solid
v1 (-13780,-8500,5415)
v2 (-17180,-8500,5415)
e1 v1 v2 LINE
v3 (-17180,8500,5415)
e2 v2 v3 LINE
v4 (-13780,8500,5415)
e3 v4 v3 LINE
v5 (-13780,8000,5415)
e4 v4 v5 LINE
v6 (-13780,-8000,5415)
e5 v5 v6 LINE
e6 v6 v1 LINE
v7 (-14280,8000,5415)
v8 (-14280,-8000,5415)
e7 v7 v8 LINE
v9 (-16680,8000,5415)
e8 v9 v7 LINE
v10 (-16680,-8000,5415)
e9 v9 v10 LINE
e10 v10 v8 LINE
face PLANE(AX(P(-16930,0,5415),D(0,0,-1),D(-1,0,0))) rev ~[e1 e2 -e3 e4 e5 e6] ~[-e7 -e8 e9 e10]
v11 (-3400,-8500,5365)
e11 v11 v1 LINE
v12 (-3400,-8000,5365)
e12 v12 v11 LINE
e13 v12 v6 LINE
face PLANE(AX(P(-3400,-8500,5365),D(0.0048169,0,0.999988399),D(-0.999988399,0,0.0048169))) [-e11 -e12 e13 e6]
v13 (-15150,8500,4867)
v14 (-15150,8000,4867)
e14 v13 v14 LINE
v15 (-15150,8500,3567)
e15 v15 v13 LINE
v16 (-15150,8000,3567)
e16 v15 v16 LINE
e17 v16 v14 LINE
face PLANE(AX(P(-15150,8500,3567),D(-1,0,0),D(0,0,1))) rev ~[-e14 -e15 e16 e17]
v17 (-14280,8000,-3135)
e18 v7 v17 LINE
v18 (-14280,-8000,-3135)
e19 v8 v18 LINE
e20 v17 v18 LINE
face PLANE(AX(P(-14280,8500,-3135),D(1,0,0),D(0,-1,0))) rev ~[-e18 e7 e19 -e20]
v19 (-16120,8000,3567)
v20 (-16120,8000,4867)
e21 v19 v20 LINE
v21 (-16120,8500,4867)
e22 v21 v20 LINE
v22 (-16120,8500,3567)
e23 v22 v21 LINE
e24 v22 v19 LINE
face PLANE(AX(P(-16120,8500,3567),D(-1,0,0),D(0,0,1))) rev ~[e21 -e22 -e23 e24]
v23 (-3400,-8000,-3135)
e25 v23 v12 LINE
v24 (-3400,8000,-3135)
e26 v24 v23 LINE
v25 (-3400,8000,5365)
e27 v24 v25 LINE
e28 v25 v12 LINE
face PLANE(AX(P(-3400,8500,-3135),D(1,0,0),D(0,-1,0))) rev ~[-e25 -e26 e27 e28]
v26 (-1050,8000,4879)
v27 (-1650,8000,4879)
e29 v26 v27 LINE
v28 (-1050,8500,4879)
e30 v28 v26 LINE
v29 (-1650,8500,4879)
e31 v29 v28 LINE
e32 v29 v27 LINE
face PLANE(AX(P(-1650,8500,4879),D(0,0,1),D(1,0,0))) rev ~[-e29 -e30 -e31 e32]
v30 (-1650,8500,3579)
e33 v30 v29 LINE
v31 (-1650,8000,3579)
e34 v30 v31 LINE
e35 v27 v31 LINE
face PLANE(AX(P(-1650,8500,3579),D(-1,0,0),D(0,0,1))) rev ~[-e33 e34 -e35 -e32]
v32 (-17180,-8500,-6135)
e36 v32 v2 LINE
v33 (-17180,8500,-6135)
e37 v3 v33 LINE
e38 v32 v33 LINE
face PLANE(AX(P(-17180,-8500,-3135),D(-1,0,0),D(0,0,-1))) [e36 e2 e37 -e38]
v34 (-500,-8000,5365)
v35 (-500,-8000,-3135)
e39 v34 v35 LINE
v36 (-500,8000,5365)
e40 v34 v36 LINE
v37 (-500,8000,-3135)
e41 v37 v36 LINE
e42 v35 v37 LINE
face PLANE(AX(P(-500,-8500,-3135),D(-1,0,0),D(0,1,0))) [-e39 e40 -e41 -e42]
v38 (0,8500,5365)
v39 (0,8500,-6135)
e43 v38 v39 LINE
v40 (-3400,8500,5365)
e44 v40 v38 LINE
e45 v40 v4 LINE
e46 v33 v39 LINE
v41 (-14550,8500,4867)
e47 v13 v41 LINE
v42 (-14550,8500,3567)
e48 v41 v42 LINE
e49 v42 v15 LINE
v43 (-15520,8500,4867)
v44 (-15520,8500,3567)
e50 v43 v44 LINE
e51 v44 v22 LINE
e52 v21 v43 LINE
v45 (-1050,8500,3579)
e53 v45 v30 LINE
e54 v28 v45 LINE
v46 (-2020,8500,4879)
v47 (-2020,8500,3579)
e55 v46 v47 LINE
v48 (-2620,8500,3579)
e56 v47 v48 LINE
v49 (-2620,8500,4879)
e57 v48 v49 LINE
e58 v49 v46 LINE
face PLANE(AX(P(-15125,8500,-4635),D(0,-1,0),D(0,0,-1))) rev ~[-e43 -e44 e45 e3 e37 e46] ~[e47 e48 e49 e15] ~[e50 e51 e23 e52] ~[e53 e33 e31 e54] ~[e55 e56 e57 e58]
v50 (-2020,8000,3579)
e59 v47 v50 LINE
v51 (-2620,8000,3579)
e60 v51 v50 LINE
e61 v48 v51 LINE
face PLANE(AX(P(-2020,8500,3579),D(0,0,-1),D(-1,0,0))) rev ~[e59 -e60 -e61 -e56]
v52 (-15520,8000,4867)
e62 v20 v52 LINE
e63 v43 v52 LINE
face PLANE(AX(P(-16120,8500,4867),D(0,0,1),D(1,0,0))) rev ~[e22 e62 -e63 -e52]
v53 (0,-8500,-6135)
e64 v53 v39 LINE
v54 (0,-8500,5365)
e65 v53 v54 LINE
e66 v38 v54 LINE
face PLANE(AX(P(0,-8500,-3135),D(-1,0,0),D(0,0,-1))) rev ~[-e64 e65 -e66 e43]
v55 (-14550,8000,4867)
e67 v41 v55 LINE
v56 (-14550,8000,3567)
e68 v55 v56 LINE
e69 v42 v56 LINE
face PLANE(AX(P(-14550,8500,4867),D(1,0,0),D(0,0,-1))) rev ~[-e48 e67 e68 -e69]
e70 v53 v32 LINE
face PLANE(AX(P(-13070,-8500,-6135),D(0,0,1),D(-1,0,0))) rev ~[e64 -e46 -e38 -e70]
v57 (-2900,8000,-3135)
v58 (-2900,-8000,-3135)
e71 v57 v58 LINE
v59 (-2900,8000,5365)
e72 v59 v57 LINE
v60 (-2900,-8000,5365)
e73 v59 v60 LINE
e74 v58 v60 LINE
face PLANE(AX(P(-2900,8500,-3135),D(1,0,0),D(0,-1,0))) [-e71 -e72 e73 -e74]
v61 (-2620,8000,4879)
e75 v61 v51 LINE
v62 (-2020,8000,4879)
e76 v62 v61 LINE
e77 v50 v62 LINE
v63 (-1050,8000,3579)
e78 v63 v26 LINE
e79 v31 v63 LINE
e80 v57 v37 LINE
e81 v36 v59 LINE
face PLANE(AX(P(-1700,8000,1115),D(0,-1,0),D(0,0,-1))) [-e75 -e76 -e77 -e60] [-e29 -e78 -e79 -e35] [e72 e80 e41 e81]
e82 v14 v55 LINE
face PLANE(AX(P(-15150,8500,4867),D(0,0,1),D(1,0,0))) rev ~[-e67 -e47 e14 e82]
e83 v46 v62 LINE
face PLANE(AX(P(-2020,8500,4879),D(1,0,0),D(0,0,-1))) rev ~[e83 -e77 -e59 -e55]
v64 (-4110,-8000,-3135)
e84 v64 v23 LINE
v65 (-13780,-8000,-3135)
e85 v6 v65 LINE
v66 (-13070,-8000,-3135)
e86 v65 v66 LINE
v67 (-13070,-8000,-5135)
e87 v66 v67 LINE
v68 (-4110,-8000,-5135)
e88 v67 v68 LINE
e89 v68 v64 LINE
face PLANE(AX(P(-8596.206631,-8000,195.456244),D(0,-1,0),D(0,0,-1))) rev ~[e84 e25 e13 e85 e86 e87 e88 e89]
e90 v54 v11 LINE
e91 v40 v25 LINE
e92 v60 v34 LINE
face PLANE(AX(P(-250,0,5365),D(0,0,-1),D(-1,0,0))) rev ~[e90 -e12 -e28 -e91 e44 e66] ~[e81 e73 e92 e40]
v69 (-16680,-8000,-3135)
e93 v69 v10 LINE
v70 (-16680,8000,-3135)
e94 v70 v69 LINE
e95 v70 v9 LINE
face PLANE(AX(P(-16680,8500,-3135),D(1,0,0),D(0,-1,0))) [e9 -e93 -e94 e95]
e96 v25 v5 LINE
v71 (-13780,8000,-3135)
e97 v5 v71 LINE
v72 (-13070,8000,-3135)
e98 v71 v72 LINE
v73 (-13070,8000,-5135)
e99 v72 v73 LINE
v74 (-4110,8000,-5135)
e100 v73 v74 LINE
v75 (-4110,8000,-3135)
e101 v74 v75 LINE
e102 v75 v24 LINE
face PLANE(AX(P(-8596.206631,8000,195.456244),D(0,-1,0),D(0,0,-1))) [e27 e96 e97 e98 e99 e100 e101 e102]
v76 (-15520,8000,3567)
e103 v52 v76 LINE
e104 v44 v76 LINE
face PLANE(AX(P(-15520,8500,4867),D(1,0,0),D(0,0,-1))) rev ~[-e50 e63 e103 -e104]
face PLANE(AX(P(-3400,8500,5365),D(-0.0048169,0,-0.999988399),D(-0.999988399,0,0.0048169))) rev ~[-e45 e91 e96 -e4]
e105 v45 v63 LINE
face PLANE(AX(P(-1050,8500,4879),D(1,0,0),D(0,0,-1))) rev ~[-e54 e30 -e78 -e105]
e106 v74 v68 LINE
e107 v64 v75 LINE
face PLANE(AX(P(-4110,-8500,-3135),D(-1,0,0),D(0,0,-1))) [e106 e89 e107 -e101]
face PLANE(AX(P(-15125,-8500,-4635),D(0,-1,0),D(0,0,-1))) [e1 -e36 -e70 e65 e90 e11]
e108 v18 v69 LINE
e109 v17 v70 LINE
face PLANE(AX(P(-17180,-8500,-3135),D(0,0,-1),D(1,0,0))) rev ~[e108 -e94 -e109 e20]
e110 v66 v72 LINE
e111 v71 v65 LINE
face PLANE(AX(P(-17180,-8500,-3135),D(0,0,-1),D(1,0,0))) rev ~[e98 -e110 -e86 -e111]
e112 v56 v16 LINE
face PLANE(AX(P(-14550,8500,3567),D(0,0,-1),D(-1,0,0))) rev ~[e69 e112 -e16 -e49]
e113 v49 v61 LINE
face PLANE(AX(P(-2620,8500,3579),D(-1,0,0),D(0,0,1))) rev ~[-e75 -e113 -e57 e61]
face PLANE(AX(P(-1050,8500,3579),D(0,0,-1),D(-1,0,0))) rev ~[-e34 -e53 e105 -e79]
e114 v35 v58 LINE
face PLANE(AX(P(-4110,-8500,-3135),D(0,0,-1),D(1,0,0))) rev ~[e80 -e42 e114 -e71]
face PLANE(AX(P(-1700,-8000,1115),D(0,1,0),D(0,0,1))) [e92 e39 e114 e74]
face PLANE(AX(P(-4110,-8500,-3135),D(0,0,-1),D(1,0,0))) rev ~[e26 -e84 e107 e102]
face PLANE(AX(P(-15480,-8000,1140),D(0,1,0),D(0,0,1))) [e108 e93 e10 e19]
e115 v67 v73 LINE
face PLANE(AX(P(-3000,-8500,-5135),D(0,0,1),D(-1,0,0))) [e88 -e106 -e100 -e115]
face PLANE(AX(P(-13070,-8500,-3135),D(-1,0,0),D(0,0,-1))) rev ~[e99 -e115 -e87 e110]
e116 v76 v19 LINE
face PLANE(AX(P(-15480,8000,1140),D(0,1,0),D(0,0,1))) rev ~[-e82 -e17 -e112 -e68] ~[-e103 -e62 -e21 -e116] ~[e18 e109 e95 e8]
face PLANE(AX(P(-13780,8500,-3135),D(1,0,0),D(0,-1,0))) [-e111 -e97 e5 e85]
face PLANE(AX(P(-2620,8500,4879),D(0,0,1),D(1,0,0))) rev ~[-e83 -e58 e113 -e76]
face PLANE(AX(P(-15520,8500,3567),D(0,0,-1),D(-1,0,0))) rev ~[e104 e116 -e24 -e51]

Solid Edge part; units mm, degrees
sketch "Sketch1" plane through (-8590, -8500, 0) normal (0, -1, 0) x (1, 0, 0)
  line L0 (-8590, -3135) -> (-8590, -6135)
  line L1 (-4480, -6135) -> (-8590, -6135)
  line L2 (-4480, -3135) -> (-4480, -6135)
  line L3 (-8590, -3135) -> (-4480, -3135)
extrude "Protrusion1" add sketch "Sketch1" against normal blind 17000
sketch "Sketch2" plane through (-1500, -8500, -4435) normal (0, -1, 0) x (1, 0, 0)
  line L0 (-1500, -700) -> (-12280, -700)
  line L1 (-1500, -1700) -> (-1500, -700)
  line L2 (-12280, -1700) -> (-1500, -1700)
  line L3 (-12280, -700) -> (-12280, -1700)
extrude "ProtrusiónExtruida_4" add sketch "Sketch2" against normal blind 17000
sketch "Sketch3" plane through (-15680, 0, -3135) normal (0, 0, 1) x (0, 1, 0)
  line L0 (-8500, -15180) -> (8500, -15180)
  line L1 (8500, -15180) -> (8500, -15680)
  line L2 (8500, -15680) -> (-8500, -15680)
  line L3 (-8500, -15680) -> (-8500, -15180)
extrude "ProtrusiónExtruida_5" add sketch "Sketch3" along normal blind 8500
sketch "Sketch4" plane through (-15680, 0, -3135) normal (0, 0, 1) x (0, 1, 0)
  line L0 (8500, 1000) -> (-8500, 1000)
  line L1 (-8500, 1000) -> (-8500, 1500)
  line L2 (-8500, 1500) -> (8500, 1500)
  line L3 (8500, 1500) -> (8500, 1000)
extrude "ProtrusiónExtruida_6" add sketch "Sketch4" along normal blind 8550
sketch "Sketch5" plane through (-8590, -8500, 0) normal (0, -1, 0) x (1, 0, 0)
  line L0 (8590, -3135) -> (8590, -6135)
  line L1 (8590, -6135) -> (4480, -6135)
  line L2 (4480, -3135) -> (4480, -6135)
  line L3 (4480, -3135) -> (8590, -3135)
extrude "ProtrusiónExtruida_7" add sketch "Sketch5" against normal blind 17000
sketch "Sketch6" plane through (-15194.5, 0, -3135) normal (0, 0, 1) x (0, 1, 0)
  line L0 (8500, -914.5) -> (-8500, -914.5)
  line L1 (-8500, -914.5) -> (-8500, -1414.5)
  line L2 (8500, -1414.5) -> (-8500, -1414.5)
  line L3 (8500, -1414.5) -> (8500, -914.5)
extrude "ProtrusiónExtruida_11" add sketch "Sketch6" along normal blind 8550
sketch "Sketch7" plane through (-15194.5, 0, -3135) normal (0, 0, 1) x (0, 1, 0)
  line L0 (8500, -12294.5) -> (-8500, -12294.5)
  line L1 (-8500, -12294.5) -> (-8500, -11794.5)
  line L2 (8500, -11794.5) -> (-8500, -11794.5)
  line L3 (8500, -11794.5) -> (8500, -12294.5)
extrude "ProtrusiónExtruida_12" add sketch "Sketch7" along normal blind 8500
sketch "Sketch8" plane through (-8590, -8500, -360) normal (0, -1, 0) x (1, 0, 0)
  line L0 (5190, 5725) -> (-5190, 5775)
  line L1 (-5190, 5775) -> (-5190, -2775)
  line L2 (-5190, -2775) -> (-4480, -2775)
  line L3 (-4480, -2775) -> (-4480, -4775)
  line L4 (-4480, -4775) -> (4480, -4775)
  line L5 (4480, -4775) -> (4480, -2775)
  line L6 (4480, -2775) -> (5190, -2775)
  line L7 (5190, -2775) -> (5190, 5725)
  line L8 (-8090, 5775) -> (-5690, 5775)
  line L9 (-5690, 5775) -> (-5690, -2775)
  line L10 (-5690, -2775) -> (-8090, -2775)
  line L11 (-8090, -2775) -> (-8090, 5775)
  line L12 (5690, 5725) -> (8090, 5725)
  line L13 (8090, 5725) -> (8090, -2775)
  line L14 (8090, -2775) -> (5690, -2775)
  line L15 (5690, -2775) -> (5690, 5725)
extrude "ProtrusiónExtruida_14" add sketch "Sketch8" against normal blind 500
sketch "Sketch9" plane through (-8590, 8500, -360) normal (0, 1, 0) x (-1, 0, 0)
  line L0 (-5690, 5725) -> (-5690, -2775)
  line L1 (-5690, -2775) -> (-8090, -2775)
  line L2 (-8090, -2775) -> (-8090, 5725)
  line L3 (-8090, 5725) -> (-5690, 5725)
  line L4 (-4480, -4775) -> (-4480, -2775)
  line L5 (-4480, -2775) -> (-5190, -2775)
  line L6 (-5190, -2775) -> (-5190, 5725)
  line L7 (-5190, 5725) -> (5190, 5775)
  line L8 (5190, 5775) -> (5190, -2775)
  line L9 (5190, -2775) -> (4480, -2775)
  line L10 (4480, -2775) -> (4480, -4775)
  line L11 (4480, -4775) -> (-4480, -4775)
  line L12 (5690, -2775) -> (8090, -2775)
  line L13 (8090, -2775) -> (8090, 5775)
  line L14 (8090, 5775) -> (5690, 5775)
  line L15 (5690, 5775) -> (5690, -2775)
extrude "Protrusion2" add sketch "Sketch9" against normal blind 500
sketch "Sketch10" plane through (-8590, 8500, 115) normal (0, 1, 0) x (-1, 0, 0)
  line L0 (6560, 3452) -> (6560, 4752)
  line L1 (6560, 4752) -> (5960, 4752)
  line L2 (5960, 4752) -> (5960, 3452)
  line L3 (5960, 3452) -> (6560, 3452)
  line L4 (6930, 4752) -> (6930, 3452)
  line L5 (6930, 3452) -> (7530, 3452)
  line L6 (7530, 3452) -> (7530, 4752)
  line L7 (7530, 4752) -> (6930, 4752)
extrude "Cutout1" cut sketch "Sketch10" against normal blind 563.6782
sketch "Sketch11" plane through (-8590, 8500, 115) normal (0, 1, 0) x (-1, 0, 0)
  line L0 (-7540, 3464) -> (-6940, 3464)
  line L1 (-6940, 3464) -> (-6940, 4764)
  line L2 (-6940, 4764) -> (-7540, 4764)
  line L3 (-7540, 4764) -> (-7540, 3464)
  line L4 (-6570, 3464) -> (-5970, 3464)
  line L5 (-5970, 3464) -> (-5970, 4764)
  line L6 (-5970, 4764) -> (-6570, 4764)
  line L7 (-6570, 4764) -> (-6570, 3464)
extrude "VaciadoExtruido_2" cut sketch "Sketch11" against normal blind 595.0009
properties material "Aluminum, 6061-T6"
